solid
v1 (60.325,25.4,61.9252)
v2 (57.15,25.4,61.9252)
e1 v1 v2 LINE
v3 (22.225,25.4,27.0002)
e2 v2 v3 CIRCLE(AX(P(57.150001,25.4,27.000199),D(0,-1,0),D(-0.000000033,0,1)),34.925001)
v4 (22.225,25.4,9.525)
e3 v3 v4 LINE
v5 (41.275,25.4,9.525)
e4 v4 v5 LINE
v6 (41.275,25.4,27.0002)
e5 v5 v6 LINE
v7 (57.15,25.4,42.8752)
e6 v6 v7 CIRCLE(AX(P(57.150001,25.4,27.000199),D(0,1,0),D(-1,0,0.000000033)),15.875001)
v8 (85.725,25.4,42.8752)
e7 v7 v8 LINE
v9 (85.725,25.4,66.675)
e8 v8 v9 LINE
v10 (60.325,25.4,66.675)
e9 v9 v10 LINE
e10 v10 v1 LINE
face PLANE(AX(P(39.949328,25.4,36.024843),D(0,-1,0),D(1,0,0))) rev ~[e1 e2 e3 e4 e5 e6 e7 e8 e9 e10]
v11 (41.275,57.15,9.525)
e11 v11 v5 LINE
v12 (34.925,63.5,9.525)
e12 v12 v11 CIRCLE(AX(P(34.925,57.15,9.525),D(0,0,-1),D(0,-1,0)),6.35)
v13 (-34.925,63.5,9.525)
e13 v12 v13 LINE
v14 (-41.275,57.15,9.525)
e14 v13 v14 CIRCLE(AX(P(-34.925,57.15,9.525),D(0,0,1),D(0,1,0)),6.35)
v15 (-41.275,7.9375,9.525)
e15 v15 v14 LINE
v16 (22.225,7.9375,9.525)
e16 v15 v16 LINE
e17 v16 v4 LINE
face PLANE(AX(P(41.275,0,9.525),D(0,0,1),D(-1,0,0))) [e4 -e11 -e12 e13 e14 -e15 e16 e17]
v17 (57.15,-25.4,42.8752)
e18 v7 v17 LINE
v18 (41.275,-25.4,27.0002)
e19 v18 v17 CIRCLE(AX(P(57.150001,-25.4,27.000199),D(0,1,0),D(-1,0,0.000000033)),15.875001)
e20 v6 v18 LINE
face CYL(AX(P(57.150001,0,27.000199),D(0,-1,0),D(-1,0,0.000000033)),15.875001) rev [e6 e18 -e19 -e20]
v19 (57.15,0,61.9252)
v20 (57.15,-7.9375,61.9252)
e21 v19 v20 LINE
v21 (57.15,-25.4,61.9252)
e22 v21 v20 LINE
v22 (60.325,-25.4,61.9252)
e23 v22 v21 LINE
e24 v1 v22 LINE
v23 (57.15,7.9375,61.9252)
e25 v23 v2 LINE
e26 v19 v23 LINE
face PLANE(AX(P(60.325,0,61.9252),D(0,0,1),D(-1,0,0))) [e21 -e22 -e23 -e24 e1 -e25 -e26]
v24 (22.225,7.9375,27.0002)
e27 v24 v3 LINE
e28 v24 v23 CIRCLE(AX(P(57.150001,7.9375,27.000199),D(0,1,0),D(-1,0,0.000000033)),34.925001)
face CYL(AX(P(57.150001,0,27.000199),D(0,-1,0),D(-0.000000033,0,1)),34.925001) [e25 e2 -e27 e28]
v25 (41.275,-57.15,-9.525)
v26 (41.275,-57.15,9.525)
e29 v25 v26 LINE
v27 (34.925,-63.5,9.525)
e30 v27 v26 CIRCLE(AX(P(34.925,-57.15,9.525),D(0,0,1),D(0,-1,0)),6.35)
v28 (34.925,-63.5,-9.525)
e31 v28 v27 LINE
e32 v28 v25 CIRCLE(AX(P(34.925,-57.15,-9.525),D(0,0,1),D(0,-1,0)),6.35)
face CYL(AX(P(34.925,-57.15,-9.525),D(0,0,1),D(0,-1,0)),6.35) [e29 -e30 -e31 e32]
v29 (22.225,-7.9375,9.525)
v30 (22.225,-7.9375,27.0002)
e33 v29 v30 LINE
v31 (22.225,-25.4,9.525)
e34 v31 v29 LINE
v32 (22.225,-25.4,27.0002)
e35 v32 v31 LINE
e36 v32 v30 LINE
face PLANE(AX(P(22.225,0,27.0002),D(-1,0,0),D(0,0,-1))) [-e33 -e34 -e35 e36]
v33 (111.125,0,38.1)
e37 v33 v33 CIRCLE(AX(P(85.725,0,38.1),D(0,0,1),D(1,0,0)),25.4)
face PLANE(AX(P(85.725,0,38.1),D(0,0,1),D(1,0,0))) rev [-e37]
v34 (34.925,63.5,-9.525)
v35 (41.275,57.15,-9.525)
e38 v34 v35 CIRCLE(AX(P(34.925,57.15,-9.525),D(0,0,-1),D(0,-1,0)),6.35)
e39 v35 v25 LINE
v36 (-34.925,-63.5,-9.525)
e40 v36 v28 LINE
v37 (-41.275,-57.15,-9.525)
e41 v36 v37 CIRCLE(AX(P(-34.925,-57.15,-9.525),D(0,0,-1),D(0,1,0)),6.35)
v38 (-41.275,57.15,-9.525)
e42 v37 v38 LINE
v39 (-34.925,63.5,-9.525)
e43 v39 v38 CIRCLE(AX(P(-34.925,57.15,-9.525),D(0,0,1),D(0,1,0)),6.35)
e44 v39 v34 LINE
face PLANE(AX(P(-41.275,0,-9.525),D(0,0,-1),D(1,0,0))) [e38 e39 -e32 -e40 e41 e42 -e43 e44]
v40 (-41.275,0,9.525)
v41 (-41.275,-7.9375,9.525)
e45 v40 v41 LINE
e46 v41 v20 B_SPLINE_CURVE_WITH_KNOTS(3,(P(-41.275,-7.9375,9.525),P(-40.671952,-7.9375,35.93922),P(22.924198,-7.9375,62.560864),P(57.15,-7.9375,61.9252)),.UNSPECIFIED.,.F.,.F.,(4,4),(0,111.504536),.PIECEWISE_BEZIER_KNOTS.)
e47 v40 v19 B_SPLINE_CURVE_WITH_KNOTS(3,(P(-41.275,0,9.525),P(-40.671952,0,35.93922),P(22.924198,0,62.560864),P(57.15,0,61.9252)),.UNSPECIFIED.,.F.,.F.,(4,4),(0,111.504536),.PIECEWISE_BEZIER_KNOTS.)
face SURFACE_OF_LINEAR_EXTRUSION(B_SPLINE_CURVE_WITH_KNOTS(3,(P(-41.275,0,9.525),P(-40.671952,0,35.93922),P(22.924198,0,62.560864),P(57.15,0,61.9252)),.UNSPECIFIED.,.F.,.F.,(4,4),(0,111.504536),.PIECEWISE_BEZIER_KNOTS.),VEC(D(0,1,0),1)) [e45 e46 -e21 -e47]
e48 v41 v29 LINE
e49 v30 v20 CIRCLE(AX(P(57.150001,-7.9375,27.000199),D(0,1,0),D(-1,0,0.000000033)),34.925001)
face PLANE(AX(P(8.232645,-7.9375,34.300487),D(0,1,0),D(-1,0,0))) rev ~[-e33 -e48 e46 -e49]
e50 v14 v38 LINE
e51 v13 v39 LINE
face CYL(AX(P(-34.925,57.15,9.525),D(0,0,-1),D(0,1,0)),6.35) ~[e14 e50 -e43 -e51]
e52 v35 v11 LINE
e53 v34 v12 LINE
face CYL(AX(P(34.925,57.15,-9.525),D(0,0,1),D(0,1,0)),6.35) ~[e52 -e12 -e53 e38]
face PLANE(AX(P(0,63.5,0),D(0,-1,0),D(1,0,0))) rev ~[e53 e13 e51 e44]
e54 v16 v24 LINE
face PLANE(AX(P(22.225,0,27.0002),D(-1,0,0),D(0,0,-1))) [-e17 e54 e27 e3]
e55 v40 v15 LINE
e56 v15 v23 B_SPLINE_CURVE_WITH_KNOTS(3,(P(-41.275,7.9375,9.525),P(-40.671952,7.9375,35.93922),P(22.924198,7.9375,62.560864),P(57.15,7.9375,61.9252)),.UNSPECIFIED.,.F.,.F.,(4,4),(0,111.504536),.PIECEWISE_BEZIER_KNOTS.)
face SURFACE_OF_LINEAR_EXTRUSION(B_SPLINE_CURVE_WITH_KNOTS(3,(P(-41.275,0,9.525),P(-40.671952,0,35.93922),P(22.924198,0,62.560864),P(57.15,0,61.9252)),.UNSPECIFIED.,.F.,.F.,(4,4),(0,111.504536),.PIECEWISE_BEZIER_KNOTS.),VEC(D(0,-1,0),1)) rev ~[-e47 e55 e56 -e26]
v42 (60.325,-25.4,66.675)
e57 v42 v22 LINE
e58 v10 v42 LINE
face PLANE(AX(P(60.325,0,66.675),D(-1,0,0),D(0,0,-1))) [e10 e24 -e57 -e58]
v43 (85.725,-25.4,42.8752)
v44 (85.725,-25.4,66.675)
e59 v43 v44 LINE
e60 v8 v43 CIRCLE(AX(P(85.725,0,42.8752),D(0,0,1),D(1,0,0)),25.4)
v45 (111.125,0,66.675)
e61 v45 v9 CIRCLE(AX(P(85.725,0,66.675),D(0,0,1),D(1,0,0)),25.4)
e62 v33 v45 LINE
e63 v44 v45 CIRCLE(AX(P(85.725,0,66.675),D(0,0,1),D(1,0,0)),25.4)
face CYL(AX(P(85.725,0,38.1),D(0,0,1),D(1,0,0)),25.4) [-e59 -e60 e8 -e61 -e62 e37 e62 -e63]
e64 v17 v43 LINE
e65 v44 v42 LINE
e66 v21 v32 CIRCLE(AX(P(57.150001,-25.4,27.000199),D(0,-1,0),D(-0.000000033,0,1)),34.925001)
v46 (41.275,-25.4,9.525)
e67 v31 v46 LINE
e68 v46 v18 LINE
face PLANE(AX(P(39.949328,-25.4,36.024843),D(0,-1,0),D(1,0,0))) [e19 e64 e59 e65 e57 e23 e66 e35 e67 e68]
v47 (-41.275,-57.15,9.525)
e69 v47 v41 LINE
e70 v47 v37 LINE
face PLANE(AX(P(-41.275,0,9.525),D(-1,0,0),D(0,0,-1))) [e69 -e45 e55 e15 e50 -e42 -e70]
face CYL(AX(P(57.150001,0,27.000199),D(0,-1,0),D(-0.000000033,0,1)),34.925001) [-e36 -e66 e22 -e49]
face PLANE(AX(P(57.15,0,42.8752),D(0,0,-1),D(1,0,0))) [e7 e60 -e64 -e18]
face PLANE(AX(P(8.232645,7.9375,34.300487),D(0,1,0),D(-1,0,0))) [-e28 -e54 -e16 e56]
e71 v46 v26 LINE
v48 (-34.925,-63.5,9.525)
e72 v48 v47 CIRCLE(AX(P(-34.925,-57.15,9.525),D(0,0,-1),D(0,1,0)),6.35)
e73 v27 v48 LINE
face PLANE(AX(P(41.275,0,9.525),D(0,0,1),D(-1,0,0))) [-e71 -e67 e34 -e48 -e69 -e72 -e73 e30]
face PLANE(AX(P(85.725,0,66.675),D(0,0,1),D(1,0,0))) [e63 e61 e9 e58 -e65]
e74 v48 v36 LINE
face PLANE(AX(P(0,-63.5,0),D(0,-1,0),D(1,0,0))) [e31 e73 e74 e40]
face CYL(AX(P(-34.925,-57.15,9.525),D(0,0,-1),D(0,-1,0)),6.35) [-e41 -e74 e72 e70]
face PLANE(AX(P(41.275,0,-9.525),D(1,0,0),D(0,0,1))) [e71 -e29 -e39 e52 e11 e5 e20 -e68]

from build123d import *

# Parameters (mm, degrees)
F1_DEPTH = 63.5
F2_DEPTH = 25.4
F3_DEPTH = 7.9375
F5_R     = 6.35


with BuildPart() as f1:
    # F0 (on Front) → F1 (new body, symmetric)
    with BuildSketch(Plane.XZ):
        Polygon((-41.275, -9.525), (41.275, -9.525), (41.275, 9.525), (22.225, 9.525), (-41.275, 9.525), align=None)
    extrude(amount=F1_DEPTH, both=True)

    # F0 (on Front) → F2 (join, symmetric)
    with BuildSketch(Plane.XZ):
        with BuildLine():
            Line((22.225, 9.525), (41.275, 9.525))
            Line((41.275, 9.525), (41.275, 27.0002))
            ThreePointArc((41.275, 27.0002), (45.92468, 38.22552), (57.15, 42.8752))
            Line((57.15, 42.8752), (60.325, 42.8752))
            Line((60.325, 42.8752), (60.325, 61.9252))
            Line((60.325, 61.9252), (57.15, 61.9252))
            ThreePointArc((57.15, 61.9252), (32.454296, 51.695904), (22.225, 27.0002))
            Line((22.225, 27.0002), (22.225, 9.525))
        make_face()
        Polygon((60.325, 66.675), (60.325, 61.9252), (60.325, 42.8752), (85.725, 42.8752), (85.725, 66.675), align=None)
    extrude(amount=F2_DEPTH, both=True)

    # F0 (on Front) → F3 (join, symmetric)
    with BuildSketch(Plane.XZ):
        with BuildLine():
            add(Edge.make_bspline(
                [(-41.275, 9.525), (-40.671952, 35.93922), (22.924198, 62.560864), (57.15, 61.9252)],
                knots=[0, 0, 0, 0, 111.504536, 111.504536, 111.504536, 111.504536], degree=3))
            Line((-41.275, 9.525), (22.225, 9.525))
            Line((22.225, 9.525), (22.225, 27.0002))
            ThreePointArc((22.225, 27.0002), (32.454296, 51.695904), (57.15, 61.9252))
        make_face()
    extrude(amount=F3_DEPTH, both=True)

    # F0 (on Front) → F4 (revolve)
    with BuildSketch(Plane.XZ):
        Polygon((85.725, 66.675), (85.725, 42.8752), (85.725, 38.1), (111.125, 38.1), (111.125, 66.675), align=None)
    revolve(axis=Axis((85.725, 0, 52.3875), (0, 0, 1)))

    # F5
    f5_edges = [f1.edges().sort_by_distance(p)[0] for p in [
        (-41.275, -63.5, 0),
        (41.275, -63.5, 0),
        (41.275, 63.5, 0),
        (-41.275, 63.5, 0),
    ]]
    fillet(f5_edges, radius=F5_R)


solid = f1.part
